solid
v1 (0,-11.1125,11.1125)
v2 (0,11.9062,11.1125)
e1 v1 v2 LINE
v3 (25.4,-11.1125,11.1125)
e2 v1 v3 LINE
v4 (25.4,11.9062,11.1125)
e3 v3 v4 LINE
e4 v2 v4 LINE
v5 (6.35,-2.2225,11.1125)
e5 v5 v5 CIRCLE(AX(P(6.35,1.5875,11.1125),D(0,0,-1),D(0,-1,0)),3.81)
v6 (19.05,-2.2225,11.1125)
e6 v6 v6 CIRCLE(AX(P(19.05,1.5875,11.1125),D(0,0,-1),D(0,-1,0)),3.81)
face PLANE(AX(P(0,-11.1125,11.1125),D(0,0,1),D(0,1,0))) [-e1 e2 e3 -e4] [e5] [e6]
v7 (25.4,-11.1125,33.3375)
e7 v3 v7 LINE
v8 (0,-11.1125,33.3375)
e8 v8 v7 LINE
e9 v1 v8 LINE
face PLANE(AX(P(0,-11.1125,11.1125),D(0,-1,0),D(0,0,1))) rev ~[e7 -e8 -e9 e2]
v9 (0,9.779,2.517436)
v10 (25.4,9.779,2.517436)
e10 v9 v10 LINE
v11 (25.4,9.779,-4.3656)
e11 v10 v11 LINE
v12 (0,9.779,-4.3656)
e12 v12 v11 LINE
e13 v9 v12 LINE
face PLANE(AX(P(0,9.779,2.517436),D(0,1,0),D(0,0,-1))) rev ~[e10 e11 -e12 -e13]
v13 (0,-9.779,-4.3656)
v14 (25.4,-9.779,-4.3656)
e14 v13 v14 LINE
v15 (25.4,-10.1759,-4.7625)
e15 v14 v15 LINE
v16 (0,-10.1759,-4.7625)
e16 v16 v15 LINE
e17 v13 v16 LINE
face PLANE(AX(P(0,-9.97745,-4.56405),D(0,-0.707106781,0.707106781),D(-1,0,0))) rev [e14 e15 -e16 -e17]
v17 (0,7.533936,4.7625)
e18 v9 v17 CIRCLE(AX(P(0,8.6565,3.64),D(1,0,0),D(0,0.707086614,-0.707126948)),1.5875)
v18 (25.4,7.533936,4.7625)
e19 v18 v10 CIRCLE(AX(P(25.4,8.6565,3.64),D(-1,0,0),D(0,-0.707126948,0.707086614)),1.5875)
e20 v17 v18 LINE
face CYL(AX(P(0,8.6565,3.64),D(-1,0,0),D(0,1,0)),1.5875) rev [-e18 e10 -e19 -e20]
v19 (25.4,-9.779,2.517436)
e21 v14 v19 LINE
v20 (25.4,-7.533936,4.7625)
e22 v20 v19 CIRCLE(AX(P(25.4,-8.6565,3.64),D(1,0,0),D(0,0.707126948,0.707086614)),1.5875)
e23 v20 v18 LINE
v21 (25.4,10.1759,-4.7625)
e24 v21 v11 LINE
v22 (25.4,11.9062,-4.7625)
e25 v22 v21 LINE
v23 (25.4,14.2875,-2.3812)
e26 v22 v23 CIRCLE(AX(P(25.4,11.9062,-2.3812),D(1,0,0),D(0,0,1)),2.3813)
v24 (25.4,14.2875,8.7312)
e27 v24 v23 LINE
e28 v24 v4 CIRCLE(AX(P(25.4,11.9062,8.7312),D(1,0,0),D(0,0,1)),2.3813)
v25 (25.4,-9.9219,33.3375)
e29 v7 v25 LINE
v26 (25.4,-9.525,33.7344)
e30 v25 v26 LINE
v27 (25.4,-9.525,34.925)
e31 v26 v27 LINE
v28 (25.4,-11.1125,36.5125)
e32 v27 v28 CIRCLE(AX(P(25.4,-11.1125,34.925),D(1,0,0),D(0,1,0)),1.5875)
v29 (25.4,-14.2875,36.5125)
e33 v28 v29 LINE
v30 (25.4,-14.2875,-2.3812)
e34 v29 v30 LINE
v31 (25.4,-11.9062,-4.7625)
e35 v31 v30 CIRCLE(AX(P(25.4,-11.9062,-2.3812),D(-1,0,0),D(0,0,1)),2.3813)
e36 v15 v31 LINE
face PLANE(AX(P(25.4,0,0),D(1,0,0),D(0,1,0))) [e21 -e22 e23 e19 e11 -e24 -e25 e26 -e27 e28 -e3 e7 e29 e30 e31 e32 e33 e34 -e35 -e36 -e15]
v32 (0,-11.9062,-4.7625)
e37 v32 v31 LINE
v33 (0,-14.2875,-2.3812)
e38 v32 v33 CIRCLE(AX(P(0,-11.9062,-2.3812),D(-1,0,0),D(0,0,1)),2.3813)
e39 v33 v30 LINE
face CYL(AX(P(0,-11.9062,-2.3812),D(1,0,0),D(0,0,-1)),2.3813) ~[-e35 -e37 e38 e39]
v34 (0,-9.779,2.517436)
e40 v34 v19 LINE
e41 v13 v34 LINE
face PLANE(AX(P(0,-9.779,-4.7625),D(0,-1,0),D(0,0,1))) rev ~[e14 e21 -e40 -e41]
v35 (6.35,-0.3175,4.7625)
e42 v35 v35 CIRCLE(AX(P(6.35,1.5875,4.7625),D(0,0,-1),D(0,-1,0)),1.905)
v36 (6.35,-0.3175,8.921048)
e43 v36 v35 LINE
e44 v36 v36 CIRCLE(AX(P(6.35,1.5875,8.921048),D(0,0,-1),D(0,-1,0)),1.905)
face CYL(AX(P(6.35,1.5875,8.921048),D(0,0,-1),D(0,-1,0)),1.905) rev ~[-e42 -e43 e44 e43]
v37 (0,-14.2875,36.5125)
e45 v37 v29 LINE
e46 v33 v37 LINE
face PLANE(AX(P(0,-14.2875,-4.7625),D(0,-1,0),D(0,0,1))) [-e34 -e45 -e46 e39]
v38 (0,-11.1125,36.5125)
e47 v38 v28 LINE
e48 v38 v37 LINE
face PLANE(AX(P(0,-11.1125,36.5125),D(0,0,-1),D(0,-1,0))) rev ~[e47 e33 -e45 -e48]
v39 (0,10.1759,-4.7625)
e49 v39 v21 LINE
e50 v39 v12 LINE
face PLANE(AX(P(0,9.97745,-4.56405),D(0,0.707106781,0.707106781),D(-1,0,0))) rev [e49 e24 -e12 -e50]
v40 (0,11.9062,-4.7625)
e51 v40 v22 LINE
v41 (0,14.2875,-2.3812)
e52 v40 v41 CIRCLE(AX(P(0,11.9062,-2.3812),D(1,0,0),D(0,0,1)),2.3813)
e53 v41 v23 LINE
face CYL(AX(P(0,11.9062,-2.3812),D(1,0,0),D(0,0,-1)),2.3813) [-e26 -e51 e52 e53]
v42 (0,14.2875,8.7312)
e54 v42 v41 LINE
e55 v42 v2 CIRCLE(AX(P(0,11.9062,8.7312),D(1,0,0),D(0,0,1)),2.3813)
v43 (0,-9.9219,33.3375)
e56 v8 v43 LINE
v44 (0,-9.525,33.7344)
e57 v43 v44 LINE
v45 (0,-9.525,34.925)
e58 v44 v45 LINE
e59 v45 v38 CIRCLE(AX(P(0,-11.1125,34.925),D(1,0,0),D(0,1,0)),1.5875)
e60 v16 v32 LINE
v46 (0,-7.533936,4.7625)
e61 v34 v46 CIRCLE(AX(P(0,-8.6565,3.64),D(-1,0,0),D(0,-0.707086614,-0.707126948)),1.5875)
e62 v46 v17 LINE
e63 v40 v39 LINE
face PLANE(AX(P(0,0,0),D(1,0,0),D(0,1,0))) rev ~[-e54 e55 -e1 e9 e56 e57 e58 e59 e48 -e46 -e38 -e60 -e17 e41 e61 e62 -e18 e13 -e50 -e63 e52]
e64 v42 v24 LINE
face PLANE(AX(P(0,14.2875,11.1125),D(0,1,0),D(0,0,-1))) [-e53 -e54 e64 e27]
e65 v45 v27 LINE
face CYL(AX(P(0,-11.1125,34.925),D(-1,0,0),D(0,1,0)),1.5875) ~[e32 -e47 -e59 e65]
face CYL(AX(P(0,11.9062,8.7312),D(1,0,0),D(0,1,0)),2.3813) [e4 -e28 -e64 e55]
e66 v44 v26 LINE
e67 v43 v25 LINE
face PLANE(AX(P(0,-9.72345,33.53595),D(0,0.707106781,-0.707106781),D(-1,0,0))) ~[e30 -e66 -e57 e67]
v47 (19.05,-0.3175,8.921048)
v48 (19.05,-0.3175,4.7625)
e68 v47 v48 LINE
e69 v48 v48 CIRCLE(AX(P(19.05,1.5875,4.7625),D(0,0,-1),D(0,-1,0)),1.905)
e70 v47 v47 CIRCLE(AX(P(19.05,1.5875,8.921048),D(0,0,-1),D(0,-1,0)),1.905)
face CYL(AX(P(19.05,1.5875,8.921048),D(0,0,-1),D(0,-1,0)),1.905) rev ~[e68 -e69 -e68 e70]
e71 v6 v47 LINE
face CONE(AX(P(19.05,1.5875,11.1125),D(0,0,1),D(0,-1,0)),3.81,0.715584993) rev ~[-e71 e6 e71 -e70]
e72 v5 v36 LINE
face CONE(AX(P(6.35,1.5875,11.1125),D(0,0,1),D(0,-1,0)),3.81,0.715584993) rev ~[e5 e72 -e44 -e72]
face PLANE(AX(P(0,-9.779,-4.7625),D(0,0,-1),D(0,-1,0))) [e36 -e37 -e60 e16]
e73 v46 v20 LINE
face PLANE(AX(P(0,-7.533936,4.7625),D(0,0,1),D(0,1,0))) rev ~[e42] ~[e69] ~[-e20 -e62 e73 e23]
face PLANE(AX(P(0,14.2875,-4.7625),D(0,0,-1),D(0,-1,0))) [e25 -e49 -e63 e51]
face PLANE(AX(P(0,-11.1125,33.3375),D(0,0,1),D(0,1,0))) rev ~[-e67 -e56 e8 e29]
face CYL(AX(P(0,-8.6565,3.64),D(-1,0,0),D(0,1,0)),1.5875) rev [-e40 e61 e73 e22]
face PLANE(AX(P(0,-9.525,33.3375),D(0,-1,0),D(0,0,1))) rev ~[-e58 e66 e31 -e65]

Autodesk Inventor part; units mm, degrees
ref_plane "YZ Plane" through (0, 0, 0) normal (1, 0, 0) x (0, 1, 0)
ref_plane "XZ Plane" through (0, 0, 0) normal (0, 1, 0) x (-1, 0, 0)
ref_plane "XY Plane" through (0, 0, 0) normal (0, 0, 1) x (1, 0, 0)
sketch "Sketch1" plane through (0, 0, 0) normal (1, 0, 0) x (0, 1, 0)
  line L0 (-9.525, 4.7625) -> (9.525, 4.7625) construction
  line L1 (9.525, 4.7625) -> (9.525, -4.7625) construction
  line L2 (9.525, -4.7625) -> (-9.525, -4.7625) construction
  line L3 (-9.525, -4.7625) -> (-9.525, 4.7625) construction
  line L4 (-9.525, 4.7625) -> (9.525, -4.7625) construction
  line L5 (9.525, 4.7625) -> (-9.525, -4.7625) construction
  line L6 (-9.779, 4.7625) -> (9.779, 4.7625)
  line L7 (9.779, 4.7625) -> (9.779, -4.7625)
  line L8 (9.779, -4.7625) -> (-9.779, -4.7625) construction
  line L9 (-9.779, -4.7625) -> (-9.779, 4.7625)
  line L10 (-9.779, 4.7625) -> (9.779, -4.7625) construction
  line L11 (9.779, 4.7625) -> (-9.779, -4.7625) construction
  line L12 (-14.2875, 11.1125) -> (14.2875, 11.1125)
  line L13 (14.2875, 11.1125) -> (14.2875, -4.7625)
  line L14 (14.2875, -4.7625) -> (-14.2875, -4.7625)
  line L15 (-14.2875, -4.7625) -> (-14.2875, 11.1125)
  line L16 (-14.2875, 11.1125) -> (14.2875, -4.7625) construction
  line L17 (14.2875, 11.1125) -> (-14.2875, -4.7625) construction
  line L18 (0, 4.7625) -> (0, 0) construction
  line L19 (-14.2875, 11.1125) -> (-11.1125, 11.1125)
  line L20 (-11.1125, 11.1125) -> (-11.1125, 33.3375)
  line L21 (-11.1125, 33.3375) -> (-14.2875, 33.3375)
  line L22 (-14.2875, 33.3375) -> (-14.2875, 11.1125)
  line L23 (-14.2875, 33.3375) -> (-11.1125, 33.3375)
  line L24 (-11.1125, 33.3375) -> (-11.1125, 36.5125) construction
  line L25 (-11.1125, 36.5125) -> (-14.2875, 36.5125)
  line L26 (-14.2875, 36.5125) -> (-14.2875, 33.3375)
  circle A0 centre (-11.1125, 34.925) radius 1.5875
  circle A1 centre (8.6565, 3.64) radius 1.5875
  line L27 (8.6565, 3.64) -> (9.779, 4.7625) construction
  circle A2 centre (-8.6565, 3.64) radius 1.5875
  line L28 (-11.1125, 33.3375) -> (-9.525, 33.3375)
  line L29 (-9.525, 33.3375) -> (-9.525, 34.925)
  line L30 (-9.525, 34.925) -> (-11.1125, 34.925) construction
  line L31 (-11.1125, 34.925) -> (-11.1125, 33.3375)
  point P0 (0, 3.175)
  point P1 (-9.779, 2.5174)
  point P2 (-7.5339, 4.7625)
  point P3 (7.5339, 4.7625)
  point P4 (9.779, 2.5174)
  dimension "d11" = 3.175
  dimension "d0" = 19.05
  dimension "d1" = 9.525
  dimension "d2" = 19.558
  dimension "d3" = 6.35
  dimension "d4" = 28.575
  dimension "d5" = 3.175
  dimension "d6" = 22.225
  dimension "d7" = 3.175
  dimension "d8" = 3.175
extrude "Extrusion1" add sketch "Sketch1" along normal blind 25.4 contours A2 L9 L14 L15 L12 L13 L7 A1 L6 | L22 L21 L20 L12 | L26 L25 A0 L21 | A0 | A0 L29 L28
chamfer "Chamfer1" distance 0.3969 angle 45 3 edges at (12.7, -9.779, -4.7625) (12.7, 9.779, -4.7625) (12.7, -9.525, 33.3375)
fillet "Fillet1" radius 2.3813 2 edges at (12.7, 14.2875, -4.7625) (12.7, -14.2875, -4.7625)
fillet "Fillet2" radius 2.3813 1 edges at (12.7, 14.2875, 11.1125)
sketch "Sketch2" plane through (0, -11.1125, 11.1125) normal (0, 0, 1) x (1, 0, 0)
  line L0 (0, 23.0188) -> (0, 0) projected
  line L1 (0, 12.7) -> (25.4, 12.7) construction
  line L2 (25.4, 3.5786) -> (25.4, 18.6464) projected
  line L3 (25.4, 25.4) -> (0, 25.4) projected
  point P0 (0, 11.1125)
  point P1 (6.35, 12.7)
  point P2 (19.05, 12.7)
  dimension "d17" = 12.7
  dimension "d18" = 6.35
  dimension "d21" = 12.7
hole "Hole1" at (6.35, 1.5875, 11.1125) at (19.05, 1.5875, 11.1125) direction (0, 0, -1) diameter 3.81 end through all countersink diameter 7.62 countersink angle 82 clearance for "Flat Head Machine Screw (82)" size "#6" standard "Ansi Unified Screw Threads"
properties part number "Door Bracket"
